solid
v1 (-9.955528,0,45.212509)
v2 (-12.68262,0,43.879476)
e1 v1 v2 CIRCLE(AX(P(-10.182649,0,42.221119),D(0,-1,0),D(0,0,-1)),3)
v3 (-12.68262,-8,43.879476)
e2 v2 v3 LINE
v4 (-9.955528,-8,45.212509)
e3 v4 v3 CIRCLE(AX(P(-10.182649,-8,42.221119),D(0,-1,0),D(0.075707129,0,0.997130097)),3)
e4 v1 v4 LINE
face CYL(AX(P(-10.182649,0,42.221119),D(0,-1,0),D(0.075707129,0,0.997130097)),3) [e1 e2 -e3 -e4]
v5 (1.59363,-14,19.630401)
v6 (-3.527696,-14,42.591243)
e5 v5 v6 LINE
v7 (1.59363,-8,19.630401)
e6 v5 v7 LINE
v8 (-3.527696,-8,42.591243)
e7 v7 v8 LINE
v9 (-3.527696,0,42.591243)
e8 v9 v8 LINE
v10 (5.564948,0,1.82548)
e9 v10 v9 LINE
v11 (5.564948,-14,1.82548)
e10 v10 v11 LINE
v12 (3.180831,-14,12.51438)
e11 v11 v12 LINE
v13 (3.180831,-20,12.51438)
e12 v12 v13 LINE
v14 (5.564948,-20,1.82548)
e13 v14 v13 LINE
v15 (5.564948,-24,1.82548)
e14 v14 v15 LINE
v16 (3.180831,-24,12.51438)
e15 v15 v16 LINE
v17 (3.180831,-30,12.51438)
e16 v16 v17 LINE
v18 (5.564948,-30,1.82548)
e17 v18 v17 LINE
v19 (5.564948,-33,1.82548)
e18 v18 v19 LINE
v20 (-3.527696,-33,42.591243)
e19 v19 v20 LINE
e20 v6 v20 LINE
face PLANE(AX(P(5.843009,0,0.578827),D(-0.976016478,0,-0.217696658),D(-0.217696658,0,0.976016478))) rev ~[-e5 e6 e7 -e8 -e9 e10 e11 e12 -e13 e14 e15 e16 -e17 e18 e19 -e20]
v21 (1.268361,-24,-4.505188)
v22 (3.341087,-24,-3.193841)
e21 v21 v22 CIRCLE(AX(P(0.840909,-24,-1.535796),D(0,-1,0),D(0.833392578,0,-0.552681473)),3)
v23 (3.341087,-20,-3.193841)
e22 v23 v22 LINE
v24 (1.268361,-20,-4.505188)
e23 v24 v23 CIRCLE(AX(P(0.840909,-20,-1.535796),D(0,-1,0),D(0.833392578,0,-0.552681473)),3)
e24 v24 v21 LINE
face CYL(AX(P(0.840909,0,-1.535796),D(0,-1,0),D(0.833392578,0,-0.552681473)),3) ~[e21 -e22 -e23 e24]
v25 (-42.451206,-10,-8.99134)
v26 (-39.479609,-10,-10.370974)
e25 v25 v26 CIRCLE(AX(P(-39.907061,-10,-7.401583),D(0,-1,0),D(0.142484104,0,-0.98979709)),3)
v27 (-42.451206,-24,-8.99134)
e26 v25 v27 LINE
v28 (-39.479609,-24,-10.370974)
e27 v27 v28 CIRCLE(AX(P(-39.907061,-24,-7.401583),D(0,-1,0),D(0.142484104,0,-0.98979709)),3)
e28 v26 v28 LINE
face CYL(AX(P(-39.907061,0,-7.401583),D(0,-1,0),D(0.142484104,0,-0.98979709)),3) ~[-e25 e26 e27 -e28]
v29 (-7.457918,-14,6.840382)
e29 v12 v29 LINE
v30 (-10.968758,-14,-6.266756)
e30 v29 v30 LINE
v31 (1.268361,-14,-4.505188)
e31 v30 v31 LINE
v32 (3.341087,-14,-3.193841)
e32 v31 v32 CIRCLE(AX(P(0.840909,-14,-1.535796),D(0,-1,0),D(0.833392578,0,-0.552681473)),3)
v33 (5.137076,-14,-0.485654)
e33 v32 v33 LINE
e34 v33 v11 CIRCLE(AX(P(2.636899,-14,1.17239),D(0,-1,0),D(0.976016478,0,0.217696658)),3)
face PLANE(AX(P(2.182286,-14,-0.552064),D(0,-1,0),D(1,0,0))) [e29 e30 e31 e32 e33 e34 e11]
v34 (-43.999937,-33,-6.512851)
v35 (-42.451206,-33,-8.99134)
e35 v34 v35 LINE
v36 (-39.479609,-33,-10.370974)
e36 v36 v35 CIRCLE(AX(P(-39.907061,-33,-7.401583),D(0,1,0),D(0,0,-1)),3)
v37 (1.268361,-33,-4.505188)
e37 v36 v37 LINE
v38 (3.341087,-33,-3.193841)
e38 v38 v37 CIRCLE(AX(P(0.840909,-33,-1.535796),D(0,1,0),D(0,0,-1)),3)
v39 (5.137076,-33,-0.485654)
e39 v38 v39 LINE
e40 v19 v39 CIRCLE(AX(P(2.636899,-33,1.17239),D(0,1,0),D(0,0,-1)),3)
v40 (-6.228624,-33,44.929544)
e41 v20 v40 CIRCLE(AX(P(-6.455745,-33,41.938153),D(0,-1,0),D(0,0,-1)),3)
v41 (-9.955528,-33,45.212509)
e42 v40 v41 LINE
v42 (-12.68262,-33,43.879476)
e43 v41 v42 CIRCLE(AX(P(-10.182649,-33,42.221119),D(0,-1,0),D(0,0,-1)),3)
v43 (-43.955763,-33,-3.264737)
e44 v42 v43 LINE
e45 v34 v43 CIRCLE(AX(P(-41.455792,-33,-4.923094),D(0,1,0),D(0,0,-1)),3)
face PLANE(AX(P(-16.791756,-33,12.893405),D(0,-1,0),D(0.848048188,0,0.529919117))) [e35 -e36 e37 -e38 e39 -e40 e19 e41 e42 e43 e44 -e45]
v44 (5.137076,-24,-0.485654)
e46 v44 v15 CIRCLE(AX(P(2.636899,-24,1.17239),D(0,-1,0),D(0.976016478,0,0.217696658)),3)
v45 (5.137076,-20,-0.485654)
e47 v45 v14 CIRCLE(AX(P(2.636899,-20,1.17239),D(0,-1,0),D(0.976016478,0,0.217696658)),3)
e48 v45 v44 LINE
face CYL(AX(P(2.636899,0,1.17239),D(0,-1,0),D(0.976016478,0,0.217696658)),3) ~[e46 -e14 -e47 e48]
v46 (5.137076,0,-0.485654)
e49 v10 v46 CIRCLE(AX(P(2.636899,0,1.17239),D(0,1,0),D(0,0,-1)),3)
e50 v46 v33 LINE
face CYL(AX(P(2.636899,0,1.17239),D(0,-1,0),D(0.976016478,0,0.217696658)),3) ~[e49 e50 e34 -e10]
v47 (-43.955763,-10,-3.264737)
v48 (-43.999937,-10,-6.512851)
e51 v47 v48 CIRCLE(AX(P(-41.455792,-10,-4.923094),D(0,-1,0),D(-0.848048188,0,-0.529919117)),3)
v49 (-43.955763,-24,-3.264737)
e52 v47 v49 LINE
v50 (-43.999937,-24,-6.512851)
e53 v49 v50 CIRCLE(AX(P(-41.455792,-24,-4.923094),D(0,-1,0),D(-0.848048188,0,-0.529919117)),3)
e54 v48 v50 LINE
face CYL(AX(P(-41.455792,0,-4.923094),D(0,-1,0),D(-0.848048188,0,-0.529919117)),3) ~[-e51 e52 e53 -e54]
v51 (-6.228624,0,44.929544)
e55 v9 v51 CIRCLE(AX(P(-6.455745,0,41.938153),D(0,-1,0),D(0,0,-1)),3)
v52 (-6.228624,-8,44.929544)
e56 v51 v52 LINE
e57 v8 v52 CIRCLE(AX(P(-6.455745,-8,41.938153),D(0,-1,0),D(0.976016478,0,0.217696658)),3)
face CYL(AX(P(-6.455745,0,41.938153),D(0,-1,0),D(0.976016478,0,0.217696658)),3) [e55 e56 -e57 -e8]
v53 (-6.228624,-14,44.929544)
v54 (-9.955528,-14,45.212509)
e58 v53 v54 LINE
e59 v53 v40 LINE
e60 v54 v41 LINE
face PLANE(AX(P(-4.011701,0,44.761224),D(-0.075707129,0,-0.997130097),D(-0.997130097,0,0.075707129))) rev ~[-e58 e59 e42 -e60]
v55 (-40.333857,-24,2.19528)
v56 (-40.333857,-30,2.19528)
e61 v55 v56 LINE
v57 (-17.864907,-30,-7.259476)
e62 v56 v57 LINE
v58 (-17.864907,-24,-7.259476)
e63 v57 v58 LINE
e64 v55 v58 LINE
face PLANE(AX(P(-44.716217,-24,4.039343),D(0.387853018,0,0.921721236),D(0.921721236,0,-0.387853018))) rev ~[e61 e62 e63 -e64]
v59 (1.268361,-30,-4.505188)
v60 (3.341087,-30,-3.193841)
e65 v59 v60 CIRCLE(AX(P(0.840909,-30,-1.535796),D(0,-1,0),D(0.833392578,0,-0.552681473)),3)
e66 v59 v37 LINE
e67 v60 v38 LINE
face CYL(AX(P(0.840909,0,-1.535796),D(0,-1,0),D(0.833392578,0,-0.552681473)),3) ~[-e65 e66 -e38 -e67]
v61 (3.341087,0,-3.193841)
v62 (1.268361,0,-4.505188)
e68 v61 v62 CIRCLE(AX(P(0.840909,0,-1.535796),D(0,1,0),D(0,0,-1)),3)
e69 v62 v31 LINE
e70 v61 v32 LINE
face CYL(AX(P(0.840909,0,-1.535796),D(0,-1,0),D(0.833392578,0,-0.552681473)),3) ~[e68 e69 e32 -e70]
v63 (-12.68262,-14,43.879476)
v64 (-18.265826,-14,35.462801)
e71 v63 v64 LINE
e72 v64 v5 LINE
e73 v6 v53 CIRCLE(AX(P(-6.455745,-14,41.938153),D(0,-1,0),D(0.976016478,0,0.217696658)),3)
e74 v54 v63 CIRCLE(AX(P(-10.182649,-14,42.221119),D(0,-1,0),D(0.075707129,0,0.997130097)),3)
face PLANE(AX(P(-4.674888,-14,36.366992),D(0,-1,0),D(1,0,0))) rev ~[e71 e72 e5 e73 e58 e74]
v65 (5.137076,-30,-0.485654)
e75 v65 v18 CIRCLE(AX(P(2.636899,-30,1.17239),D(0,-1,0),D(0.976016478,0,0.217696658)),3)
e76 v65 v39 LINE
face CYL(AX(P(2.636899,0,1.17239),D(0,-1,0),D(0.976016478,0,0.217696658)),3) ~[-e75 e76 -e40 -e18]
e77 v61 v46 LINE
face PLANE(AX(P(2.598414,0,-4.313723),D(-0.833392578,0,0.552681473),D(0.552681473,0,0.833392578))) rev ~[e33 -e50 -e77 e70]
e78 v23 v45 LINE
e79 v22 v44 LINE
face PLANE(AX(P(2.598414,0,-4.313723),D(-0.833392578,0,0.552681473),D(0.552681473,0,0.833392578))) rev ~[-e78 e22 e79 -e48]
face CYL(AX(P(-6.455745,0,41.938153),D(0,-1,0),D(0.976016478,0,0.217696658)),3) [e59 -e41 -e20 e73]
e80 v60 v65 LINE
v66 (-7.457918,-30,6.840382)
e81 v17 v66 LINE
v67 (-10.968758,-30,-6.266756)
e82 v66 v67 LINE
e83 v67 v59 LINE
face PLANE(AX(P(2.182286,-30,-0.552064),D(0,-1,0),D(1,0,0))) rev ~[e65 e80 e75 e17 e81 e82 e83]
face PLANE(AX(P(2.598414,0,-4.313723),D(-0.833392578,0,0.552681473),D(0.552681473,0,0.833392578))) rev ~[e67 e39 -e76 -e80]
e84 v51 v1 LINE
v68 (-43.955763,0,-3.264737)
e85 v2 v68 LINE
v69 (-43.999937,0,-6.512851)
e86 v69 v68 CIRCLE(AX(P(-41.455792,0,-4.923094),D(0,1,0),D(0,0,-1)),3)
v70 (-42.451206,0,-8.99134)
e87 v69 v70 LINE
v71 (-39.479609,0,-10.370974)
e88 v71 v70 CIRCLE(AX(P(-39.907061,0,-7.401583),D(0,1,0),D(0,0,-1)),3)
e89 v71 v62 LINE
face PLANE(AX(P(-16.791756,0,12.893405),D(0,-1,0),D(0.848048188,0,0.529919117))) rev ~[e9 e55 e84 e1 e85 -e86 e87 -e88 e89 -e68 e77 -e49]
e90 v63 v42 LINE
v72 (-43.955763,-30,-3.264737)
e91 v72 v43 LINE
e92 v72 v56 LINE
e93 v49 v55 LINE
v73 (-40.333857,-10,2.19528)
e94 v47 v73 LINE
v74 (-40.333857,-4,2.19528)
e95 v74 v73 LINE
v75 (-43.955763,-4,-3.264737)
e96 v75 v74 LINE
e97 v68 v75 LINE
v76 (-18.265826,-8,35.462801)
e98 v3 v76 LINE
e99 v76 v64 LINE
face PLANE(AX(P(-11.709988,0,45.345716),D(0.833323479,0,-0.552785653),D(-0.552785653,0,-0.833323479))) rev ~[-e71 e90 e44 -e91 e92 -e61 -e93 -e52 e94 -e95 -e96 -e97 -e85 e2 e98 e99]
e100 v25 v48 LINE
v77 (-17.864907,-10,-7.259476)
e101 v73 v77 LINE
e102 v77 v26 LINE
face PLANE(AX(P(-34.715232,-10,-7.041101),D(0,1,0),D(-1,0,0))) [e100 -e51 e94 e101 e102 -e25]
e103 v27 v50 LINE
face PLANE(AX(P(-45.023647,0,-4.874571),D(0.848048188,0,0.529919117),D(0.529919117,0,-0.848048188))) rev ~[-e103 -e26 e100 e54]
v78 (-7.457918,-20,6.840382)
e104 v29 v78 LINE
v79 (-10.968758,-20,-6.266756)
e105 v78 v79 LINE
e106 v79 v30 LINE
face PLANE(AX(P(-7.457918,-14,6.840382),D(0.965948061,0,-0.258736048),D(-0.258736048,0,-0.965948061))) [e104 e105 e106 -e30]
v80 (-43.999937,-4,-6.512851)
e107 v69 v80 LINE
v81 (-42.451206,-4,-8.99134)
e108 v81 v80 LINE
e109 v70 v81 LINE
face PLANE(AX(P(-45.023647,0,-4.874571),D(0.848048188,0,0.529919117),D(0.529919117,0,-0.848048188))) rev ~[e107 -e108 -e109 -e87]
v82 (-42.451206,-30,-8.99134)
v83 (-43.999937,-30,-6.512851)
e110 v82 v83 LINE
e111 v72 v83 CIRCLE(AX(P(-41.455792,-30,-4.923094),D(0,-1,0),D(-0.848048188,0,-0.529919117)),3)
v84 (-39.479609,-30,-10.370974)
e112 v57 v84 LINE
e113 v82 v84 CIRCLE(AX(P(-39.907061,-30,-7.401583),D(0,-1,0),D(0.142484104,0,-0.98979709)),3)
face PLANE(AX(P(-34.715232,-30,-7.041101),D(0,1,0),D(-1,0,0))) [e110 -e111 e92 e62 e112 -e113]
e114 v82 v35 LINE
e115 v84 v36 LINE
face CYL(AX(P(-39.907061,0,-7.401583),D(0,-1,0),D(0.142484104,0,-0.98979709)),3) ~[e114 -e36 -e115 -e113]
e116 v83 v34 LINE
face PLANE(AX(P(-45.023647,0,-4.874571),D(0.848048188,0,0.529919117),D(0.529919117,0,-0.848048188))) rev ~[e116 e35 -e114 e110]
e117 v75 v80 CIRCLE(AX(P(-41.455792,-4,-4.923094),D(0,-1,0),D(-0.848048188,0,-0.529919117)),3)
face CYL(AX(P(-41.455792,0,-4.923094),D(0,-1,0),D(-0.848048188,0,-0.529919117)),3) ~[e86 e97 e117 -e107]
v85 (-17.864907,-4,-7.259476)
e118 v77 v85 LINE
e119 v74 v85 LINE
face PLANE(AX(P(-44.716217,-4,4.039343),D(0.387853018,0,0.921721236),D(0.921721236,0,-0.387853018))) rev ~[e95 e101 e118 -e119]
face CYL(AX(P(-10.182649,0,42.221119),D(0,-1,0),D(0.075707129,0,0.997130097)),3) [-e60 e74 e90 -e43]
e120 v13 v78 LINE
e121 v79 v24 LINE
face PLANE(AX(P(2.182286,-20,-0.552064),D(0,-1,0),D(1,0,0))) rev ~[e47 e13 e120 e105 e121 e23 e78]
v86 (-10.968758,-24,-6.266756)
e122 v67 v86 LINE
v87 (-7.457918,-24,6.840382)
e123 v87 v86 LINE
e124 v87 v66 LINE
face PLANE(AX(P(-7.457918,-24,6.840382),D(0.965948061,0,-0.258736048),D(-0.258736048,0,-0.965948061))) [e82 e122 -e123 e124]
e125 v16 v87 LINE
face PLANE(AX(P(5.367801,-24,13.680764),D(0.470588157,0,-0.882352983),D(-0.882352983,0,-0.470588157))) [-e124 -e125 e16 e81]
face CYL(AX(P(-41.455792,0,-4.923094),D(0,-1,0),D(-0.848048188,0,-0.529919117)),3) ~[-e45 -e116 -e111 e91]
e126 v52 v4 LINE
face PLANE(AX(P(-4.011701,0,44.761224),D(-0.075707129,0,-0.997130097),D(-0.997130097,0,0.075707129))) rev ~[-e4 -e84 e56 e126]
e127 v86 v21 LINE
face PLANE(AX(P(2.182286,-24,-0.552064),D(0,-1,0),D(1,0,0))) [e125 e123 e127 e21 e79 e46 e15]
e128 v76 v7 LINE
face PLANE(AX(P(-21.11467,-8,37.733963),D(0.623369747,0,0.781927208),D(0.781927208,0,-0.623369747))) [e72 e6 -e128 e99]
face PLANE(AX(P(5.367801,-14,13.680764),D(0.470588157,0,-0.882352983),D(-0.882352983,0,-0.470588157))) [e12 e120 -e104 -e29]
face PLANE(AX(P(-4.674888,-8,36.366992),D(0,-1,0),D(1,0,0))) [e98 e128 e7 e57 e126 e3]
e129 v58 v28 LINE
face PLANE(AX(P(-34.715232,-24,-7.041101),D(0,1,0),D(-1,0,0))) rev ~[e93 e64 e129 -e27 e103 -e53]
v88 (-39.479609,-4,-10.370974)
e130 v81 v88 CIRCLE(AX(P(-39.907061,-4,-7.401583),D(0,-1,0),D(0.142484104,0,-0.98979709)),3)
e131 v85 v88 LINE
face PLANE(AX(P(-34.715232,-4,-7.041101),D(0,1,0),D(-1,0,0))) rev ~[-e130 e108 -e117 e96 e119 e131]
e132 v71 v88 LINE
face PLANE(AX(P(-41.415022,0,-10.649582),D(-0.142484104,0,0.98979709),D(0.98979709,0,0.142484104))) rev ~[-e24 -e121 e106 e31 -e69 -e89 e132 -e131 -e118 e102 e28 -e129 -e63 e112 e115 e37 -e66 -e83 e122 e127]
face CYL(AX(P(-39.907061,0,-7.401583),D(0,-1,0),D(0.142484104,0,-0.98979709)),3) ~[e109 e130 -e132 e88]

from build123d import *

# Parameters (mm, degrees)
PAD044_DEPTH = 6
PAD045_DEPTH = 6
PAD046_DEPTH = 6
PAD047_DEPTH = 6
PAD048_DEPTH = 6
PAD039_DEPTH = 33
FILLET021_R  = 3
FILLET022_R  = 3


with BuildPart() as pad044:
    # Sketch048 → Pad044 (new body)
    with BuildSketch(Plane.XZ.offset(8)):
        Polygon((-14.595035, 49.426792), (-21.11467, 37.733963), (4.396957, 17.395527), (4.396957, 50.985836), align=None)
    extrude(amount=PAD044_DEPTH)


with BuildPart() as pad045:
    # Sketch049 → Pad045 (new body)
    with BuildSketch(Plane.XZ.offset(4)):
        Polygon((-44.716217, 4.039343), (-16.086502, -8.007815), (-47.125652, -16.724289), align=None)
    extrude(amount=PAD045_DEPTH)


with BuildPart() as pad046:
    # Sketch050 → Pad046 (new body)
    with BuildSketch(Plane.XZ.offset(24)):
        Polygon((-44.716217, 4.039343), (-16.086502, -8.007815), (-47.125652, -16.724289), align=None)
    extrude(amount=PAD046_DEPTH)


with BuildPart() as pad047:
    # Sketch051 → Pad047 (new body)
    with BuildSketch(Plane.XZ.offset(14)):
        Polygon((5.367801, 13.680764), (-7.457918, 6.840382), (-11.733156, -9.120509), (13.253242, -11.590648), (11.448138, 11.685653), align=None)
    extrude(amount=PAD047_DEPTH)


with BuildPart() as pad048:
    # Sketch052 → Pad048 (new body)
    with BuildSketch(Plane.XZ.offset(24)):
        Polygon((5.367801, 13.680764), (-7.457918, 6.840382), (-11.733156, -9.120509), (13.253242, -11.590648), (11.448138, 11.685653), align=None)
    extrude(amount=PAD048_DEPTH)


with BuildPart() as cut019:
    # Sketch044 → Pad039 (new body)
    with BuildSketch(Plane(origin=(0, 0, 0), x_dir=(0.848048, 0, 0.529919), z_dir=(0, -1, 0))):
        Polygon((-40.765351, 19.72502), (-40.765351, 12.915253), (-0.082344, -5.035194), (5.261885, -2.605449), (20.317712, 40.085552), (14.098928, 44.660699), align=None)
    extrude(amount=PAD039_DEPTH)

    # Fillet021
    fillet021_edges = [cut019.edges().sort_by_distance(p)[0] for p in [
        (-4.011709, -16.5, 44.761223),
        (-11.709995, -16.5, 45.345714),
    ]]
    fillet(fillet021_edges, radius=FILLET021_R)

    # Fillet022
    fillet022_edges = [cut019.edges().sort_by_distance(p)[0] for p in [
        (5.843009, -16.5, 0.578828),
        (2.598414, -16.5, -4.313722),
        (-41.41502, -16.5, -10.649589),
        (-45.023647, -16.5, -4.874579),
    ]]
    fillet(fillet022_edges, radius=FILLET022_R)

    # Cut011: cut Pad048
    add(pad048.part, mode=Mode.SUBTRACT)

    # Cut012: cut Pad047
    add(pad047.part, mode=Mode.SUBTRACT)

    # Cut013: cut Pad046
    add(pad046.part, mode=Mode.SUBTRACT)

    # Cut014: cut Pad045
    add(pad045.part, mode=Mode.SUBTRACT)

    # Cut019: cut Pad044
    add(pad044.part, mode=Mode.SUBTRACT)


solid = cut019.part
